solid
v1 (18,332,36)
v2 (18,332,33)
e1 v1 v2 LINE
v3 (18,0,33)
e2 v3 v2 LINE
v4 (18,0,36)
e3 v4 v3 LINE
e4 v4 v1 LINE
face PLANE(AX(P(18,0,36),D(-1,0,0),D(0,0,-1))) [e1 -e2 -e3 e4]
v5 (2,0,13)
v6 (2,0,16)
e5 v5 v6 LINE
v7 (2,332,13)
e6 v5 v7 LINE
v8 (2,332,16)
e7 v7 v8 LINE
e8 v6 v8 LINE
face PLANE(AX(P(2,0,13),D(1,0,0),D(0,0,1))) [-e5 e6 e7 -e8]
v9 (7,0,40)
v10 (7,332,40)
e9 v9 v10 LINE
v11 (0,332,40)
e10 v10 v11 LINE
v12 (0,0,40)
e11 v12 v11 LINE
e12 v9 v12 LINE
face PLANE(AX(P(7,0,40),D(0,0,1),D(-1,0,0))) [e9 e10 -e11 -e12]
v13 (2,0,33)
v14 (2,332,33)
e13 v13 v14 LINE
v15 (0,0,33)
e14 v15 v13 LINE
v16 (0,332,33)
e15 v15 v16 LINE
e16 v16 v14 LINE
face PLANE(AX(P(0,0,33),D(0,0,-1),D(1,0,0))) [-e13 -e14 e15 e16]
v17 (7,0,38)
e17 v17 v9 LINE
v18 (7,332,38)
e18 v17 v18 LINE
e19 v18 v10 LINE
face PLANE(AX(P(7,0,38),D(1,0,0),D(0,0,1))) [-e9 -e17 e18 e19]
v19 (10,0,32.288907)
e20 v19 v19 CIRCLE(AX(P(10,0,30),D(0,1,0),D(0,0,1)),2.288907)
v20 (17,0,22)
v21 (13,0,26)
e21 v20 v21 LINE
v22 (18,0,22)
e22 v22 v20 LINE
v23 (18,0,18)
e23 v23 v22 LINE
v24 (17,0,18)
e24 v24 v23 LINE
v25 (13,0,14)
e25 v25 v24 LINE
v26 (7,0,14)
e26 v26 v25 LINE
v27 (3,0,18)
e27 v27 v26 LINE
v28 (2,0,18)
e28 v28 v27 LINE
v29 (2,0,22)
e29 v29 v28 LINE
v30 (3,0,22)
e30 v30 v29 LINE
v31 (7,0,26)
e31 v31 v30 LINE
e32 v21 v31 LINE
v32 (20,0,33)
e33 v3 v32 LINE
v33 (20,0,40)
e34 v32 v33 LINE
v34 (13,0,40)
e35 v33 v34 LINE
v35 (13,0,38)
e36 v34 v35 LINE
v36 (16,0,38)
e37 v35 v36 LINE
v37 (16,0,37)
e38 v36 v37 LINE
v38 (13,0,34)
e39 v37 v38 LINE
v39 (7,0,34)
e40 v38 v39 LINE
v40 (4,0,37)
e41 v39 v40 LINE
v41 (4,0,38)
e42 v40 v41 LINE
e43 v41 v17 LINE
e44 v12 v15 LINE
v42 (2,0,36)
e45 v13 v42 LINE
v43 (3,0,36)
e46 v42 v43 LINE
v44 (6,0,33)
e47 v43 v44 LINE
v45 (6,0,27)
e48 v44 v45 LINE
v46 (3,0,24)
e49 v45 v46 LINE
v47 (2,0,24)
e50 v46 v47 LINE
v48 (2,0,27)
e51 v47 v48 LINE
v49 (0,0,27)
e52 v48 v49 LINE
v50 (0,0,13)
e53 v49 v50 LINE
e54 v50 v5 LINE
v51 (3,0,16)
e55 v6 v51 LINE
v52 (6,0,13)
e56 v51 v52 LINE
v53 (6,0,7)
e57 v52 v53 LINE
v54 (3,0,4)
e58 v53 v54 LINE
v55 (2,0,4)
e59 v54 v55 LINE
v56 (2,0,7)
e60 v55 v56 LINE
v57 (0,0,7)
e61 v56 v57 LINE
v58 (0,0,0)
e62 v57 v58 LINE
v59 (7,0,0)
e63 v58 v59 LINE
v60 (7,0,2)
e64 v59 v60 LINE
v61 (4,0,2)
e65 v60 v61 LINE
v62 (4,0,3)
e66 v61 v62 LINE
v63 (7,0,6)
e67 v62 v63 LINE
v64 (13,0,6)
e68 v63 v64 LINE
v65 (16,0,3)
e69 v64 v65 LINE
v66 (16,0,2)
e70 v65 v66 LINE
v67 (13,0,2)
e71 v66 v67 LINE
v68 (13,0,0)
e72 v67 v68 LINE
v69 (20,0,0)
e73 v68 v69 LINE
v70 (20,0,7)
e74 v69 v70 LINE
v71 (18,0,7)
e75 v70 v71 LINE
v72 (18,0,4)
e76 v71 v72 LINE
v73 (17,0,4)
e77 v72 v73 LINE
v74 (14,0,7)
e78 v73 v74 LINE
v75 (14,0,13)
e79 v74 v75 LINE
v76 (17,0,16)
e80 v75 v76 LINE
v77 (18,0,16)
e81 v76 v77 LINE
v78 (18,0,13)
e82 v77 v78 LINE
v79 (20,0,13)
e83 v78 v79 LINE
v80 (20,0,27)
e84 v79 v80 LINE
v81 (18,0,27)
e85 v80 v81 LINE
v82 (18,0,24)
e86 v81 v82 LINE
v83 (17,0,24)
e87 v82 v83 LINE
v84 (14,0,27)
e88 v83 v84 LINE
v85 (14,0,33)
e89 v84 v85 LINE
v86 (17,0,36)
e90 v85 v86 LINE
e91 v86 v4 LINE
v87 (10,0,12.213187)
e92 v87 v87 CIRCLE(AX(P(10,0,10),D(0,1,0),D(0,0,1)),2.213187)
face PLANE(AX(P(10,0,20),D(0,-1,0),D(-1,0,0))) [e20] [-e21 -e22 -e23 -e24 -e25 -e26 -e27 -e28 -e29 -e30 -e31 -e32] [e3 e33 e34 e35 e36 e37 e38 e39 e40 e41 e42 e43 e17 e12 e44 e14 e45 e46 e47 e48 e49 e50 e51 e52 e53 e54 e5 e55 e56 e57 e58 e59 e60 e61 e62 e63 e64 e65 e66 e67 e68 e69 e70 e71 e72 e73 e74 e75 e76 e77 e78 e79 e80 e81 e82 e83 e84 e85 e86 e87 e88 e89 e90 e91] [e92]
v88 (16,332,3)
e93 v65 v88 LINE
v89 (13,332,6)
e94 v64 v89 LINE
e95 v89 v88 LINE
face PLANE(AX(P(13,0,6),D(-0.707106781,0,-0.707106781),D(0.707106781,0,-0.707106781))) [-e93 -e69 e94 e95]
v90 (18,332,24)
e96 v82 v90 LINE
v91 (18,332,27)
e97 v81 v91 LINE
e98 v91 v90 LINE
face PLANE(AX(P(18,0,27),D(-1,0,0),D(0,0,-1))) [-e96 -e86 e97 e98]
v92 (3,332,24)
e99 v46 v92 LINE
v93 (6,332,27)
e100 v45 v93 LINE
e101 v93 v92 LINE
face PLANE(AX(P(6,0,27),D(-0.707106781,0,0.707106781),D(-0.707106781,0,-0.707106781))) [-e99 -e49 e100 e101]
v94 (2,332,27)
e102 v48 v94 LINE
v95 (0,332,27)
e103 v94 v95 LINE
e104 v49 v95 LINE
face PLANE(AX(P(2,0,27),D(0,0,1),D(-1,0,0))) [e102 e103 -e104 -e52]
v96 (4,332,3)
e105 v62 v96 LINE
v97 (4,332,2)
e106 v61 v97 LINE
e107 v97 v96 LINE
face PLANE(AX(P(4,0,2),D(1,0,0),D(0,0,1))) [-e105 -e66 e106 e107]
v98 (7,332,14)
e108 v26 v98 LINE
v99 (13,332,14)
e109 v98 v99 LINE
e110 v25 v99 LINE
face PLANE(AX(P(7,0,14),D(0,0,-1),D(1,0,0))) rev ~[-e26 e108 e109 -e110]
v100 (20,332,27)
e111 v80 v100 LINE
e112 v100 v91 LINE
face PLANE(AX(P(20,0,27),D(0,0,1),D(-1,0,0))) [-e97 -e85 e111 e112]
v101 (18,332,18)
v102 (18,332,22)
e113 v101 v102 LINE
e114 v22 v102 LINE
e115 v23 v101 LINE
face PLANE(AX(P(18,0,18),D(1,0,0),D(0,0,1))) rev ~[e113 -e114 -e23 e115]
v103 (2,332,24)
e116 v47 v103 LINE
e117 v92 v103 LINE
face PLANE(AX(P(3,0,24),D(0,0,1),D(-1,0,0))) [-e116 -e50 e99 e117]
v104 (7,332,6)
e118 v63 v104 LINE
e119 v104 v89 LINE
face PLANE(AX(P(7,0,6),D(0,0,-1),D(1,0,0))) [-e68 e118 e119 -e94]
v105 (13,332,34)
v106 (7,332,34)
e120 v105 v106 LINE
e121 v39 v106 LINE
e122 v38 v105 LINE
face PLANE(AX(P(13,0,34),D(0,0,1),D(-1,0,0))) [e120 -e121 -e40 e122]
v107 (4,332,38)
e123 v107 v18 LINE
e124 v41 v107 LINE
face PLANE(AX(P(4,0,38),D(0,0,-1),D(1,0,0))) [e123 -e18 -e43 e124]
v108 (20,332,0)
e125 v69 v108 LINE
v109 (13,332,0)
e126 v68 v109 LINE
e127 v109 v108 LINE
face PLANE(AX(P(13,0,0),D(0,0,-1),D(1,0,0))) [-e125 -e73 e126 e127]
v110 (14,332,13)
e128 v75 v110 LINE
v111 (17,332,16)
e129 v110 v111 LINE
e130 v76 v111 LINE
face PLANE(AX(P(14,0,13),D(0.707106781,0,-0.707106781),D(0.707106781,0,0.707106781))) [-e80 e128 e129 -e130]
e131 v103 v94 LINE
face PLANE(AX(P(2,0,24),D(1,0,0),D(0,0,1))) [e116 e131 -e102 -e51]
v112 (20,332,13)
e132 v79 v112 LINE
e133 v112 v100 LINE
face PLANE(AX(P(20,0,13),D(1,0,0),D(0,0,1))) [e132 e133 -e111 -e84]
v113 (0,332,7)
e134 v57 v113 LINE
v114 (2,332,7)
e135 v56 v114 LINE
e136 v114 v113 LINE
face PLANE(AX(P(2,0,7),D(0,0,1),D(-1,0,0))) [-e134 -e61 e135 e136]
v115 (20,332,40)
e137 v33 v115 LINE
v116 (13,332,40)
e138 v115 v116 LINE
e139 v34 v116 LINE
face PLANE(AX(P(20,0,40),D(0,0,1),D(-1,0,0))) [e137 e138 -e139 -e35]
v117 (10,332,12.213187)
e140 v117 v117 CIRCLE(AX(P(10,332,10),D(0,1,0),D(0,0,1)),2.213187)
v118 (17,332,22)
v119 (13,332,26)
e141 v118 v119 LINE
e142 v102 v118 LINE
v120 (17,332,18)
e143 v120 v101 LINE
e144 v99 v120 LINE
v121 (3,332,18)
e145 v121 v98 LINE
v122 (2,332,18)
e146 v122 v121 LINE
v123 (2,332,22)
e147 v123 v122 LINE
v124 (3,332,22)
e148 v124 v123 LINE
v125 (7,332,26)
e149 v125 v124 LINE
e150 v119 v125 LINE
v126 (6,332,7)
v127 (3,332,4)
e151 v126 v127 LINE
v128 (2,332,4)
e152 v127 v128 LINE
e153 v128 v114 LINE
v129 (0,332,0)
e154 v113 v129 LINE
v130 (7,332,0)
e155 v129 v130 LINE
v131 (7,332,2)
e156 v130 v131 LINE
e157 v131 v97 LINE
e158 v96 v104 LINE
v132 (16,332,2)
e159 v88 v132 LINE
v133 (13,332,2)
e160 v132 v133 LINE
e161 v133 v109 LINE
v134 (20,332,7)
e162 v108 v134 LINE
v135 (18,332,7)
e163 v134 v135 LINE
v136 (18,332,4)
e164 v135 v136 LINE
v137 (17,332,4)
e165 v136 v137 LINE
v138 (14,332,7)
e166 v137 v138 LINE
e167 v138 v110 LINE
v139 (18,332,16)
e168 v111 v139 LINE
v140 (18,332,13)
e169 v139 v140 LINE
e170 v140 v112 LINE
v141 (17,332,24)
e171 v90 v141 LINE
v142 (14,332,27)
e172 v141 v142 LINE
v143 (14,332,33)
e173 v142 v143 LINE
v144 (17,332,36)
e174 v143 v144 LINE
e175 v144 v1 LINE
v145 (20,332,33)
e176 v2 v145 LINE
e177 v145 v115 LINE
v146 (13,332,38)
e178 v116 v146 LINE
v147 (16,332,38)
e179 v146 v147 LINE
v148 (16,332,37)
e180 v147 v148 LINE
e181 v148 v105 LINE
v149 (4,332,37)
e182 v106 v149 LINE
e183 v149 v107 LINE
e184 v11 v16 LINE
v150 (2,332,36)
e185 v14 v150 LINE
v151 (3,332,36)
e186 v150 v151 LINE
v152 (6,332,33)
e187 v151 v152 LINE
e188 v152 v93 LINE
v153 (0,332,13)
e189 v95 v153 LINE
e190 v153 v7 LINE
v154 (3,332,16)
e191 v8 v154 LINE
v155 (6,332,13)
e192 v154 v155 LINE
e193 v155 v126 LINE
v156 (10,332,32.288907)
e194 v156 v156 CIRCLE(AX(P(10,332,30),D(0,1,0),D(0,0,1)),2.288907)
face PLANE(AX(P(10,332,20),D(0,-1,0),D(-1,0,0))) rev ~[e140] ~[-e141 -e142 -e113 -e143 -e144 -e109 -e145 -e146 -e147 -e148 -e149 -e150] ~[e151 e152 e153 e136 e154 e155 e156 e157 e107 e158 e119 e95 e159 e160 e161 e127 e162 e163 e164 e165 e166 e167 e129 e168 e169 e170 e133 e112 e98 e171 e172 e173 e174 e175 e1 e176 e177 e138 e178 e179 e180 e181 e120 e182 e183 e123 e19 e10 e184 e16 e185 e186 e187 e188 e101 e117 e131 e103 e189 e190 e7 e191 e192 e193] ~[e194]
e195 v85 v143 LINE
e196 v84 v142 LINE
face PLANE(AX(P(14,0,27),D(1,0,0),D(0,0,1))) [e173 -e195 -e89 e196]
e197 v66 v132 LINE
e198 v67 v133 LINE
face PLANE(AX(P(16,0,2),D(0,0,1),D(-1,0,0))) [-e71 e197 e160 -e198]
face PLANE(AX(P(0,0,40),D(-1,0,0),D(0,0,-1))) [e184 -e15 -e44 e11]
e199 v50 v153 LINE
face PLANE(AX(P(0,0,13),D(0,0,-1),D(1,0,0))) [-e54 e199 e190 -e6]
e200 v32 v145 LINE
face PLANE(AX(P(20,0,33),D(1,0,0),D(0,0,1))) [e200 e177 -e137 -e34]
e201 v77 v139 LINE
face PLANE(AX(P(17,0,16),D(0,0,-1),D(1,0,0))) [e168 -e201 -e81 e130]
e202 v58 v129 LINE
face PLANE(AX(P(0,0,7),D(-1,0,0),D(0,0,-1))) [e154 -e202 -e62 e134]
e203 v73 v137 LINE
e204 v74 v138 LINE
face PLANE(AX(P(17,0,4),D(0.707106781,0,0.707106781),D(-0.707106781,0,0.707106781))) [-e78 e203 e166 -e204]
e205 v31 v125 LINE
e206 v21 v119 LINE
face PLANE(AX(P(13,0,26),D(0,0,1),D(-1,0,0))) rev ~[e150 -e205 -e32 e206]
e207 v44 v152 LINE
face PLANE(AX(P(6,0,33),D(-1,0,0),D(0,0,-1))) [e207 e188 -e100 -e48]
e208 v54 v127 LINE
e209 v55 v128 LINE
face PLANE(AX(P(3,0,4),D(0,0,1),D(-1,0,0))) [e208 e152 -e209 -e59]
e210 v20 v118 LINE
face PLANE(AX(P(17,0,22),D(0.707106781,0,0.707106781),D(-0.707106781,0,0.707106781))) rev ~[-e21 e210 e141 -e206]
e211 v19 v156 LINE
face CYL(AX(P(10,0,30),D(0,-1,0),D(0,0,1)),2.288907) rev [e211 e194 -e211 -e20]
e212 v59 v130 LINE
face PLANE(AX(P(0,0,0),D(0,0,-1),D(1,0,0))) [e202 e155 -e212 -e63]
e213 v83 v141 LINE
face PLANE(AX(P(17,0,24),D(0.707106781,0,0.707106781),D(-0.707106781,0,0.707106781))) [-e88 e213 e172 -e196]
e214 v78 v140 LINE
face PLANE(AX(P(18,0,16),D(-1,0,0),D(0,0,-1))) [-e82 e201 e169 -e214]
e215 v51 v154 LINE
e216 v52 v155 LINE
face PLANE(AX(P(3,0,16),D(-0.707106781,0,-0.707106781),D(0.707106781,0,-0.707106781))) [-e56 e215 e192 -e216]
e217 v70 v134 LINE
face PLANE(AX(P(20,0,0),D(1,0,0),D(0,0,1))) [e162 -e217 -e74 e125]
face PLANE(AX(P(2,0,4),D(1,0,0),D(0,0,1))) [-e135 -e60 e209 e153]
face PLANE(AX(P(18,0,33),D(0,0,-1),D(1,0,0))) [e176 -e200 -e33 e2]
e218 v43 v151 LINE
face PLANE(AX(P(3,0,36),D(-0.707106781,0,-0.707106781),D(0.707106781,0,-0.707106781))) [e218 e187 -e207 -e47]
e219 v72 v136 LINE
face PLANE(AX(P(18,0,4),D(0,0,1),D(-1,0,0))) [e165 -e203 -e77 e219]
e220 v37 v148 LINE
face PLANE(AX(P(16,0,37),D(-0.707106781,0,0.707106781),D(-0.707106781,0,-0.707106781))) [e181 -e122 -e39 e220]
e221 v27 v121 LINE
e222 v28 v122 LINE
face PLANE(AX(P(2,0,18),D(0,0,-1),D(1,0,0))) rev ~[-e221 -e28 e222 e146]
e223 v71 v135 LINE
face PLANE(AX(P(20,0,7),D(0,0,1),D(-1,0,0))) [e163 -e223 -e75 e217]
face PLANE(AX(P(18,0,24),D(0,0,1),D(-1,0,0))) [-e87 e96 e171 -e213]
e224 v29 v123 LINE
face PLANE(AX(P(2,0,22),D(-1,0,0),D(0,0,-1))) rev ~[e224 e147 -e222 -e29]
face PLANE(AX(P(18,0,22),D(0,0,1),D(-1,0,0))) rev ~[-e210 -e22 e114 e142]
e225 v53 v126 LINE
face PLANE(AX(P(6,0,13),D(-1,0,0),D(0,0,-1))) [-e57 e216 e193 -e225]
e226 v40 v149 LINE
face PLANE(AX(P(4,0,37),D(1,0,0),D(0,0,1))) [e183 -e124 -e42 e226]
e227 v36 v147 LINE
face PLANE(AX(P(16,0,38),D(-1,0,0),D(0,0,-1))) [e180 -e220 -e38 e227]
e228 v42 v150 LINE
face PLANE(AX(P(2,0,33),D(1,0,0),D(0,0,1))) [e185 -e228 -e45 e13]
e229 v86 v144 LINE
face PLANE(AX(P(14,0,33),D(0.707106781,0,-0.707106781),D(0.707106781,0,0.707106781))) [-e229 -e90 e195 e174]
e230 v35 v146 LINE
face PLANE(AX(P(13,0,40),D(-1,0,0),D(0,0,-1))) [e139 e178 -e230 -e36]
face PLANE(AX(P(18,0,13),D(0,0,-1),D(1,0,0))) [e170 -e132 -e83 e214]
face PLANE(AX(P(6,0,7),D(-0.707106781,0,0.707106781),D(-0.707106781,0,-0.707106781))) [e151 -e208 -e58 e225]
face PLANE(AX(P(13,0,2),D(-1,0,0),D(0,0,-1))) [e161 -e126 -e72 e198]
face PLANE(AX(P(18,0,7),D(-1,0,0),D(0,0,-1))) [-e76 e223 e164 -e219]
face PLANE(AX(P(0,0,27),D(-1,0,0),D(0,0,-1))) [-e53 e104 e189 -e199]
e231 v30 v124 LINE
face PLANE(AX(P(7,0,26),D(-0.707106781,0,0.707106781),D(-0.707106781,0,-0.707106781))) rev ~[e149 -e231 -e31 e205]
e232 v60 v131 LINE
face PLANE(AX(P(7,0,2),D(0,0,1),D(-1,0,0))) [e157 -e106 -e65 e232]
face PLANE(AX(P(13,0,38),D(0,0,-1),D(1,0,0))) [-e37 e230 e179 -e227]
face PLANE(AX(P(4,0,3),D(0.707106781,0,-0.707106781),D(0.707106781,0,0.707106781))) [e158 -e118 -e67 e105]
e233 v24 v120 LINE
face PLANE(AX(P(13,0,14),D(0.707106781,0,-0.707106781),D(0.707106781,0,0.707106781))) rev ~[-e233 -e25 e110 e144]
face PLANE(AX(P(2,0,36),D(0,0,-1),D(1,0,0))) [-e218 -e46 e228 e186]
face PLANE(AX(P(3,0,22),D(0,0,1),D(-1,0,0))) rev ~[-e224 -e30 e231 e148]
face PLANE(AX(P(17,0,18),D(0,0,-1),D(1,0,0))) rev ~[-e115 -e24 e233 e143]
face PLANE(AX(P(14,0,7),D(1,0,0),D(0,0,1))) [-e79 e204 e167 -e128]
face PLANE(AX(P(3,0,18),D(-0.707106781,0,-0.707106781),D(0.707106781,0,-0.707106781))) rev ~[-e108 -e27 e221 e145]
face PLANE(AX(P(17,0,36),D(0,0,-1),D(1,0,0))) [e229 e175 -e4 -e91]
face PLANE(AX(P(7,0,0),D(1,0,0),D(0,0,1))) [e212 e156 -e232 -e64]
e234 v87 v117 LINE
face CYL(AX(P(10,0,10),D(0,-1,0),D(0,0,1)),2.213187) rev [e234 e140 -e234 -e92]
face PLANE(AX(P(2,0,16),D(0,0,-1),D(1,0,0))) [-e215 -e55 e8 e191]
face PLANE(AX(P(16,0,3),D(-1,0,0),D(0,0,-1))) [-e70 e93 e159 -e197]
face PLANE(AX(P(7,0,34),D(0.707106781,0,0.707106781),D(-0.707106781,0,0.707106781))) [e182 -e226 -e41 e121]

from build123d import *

# Parameters (mm, degrees)
SKETCH1_R           = 2.213186583
SKETCH1_R_2         = 2.28890728
BOSS_EXTRUDE1_DEPTH = 332


with BuildPart() as part:
    # Sketch1 → Boss-Extrude1 (new body)
    with BuildSketch(Plane(origin=(0, 0, 0), x_dir=(1, 0, 0), z_dir=(0, 1, 0))):
        Polygon((20, 0), (20, -7), (18, -7), (18, -4), (17, -4), (14, -7), (14, -13), (17, -16), (18, -16), (18, -13), (20, -13), (20, -27), (18, -27), (18, -24), (17, -24), (14, -27), (14, -33), (17, -36), (18, -36), (18, -33), (20, -33), (20, -40), (13, -40), (13, -38), (16, -38), (16, -37), (13, -34), (7, -34), (4, -37), (4, -38), (7, -38), (7, -40), (0, -40), (0, -33), (2, -33), (2, -36), (3, -36), (6, -33), (6, -27), (3, -24), (2, -24), (2, -27), (0, -27), (0, -13), (2, -13), (2, -16), (3, -16), (6, -13), (6, -7), (3, -4), (2, -4), (2, -7), (0, -7), (0, 0), (7, 0), (7, -2), (4, -2), (4, -3), (7, -6), (13, -6), (16, -3), (16, -2), (13, -2), (13, 0), align=None)
        with Locations(Location((10, -10, 0), (0, 0, 270))):
            Circle(SKETCH1_R, mode=Mode.SUBTRACT)
        with Locations(Location((10, -30, 0), (0, 0, 270))):
            Circle(SKETCH1_R_2, mode=Mode.SUBTRACT)
        Polygon((7, -14), (13, -14), (17, -18), (18, -18), (18, -22), (17, -22), (13, -26), (7, -26), (3, -22), (2, -22), (2, -18), (3, -18), align=None, mode=Mode.SUBTRACT)
    extrude(amount=BOSS_EXTRUDE1_DEPTH)


solid = part.part
